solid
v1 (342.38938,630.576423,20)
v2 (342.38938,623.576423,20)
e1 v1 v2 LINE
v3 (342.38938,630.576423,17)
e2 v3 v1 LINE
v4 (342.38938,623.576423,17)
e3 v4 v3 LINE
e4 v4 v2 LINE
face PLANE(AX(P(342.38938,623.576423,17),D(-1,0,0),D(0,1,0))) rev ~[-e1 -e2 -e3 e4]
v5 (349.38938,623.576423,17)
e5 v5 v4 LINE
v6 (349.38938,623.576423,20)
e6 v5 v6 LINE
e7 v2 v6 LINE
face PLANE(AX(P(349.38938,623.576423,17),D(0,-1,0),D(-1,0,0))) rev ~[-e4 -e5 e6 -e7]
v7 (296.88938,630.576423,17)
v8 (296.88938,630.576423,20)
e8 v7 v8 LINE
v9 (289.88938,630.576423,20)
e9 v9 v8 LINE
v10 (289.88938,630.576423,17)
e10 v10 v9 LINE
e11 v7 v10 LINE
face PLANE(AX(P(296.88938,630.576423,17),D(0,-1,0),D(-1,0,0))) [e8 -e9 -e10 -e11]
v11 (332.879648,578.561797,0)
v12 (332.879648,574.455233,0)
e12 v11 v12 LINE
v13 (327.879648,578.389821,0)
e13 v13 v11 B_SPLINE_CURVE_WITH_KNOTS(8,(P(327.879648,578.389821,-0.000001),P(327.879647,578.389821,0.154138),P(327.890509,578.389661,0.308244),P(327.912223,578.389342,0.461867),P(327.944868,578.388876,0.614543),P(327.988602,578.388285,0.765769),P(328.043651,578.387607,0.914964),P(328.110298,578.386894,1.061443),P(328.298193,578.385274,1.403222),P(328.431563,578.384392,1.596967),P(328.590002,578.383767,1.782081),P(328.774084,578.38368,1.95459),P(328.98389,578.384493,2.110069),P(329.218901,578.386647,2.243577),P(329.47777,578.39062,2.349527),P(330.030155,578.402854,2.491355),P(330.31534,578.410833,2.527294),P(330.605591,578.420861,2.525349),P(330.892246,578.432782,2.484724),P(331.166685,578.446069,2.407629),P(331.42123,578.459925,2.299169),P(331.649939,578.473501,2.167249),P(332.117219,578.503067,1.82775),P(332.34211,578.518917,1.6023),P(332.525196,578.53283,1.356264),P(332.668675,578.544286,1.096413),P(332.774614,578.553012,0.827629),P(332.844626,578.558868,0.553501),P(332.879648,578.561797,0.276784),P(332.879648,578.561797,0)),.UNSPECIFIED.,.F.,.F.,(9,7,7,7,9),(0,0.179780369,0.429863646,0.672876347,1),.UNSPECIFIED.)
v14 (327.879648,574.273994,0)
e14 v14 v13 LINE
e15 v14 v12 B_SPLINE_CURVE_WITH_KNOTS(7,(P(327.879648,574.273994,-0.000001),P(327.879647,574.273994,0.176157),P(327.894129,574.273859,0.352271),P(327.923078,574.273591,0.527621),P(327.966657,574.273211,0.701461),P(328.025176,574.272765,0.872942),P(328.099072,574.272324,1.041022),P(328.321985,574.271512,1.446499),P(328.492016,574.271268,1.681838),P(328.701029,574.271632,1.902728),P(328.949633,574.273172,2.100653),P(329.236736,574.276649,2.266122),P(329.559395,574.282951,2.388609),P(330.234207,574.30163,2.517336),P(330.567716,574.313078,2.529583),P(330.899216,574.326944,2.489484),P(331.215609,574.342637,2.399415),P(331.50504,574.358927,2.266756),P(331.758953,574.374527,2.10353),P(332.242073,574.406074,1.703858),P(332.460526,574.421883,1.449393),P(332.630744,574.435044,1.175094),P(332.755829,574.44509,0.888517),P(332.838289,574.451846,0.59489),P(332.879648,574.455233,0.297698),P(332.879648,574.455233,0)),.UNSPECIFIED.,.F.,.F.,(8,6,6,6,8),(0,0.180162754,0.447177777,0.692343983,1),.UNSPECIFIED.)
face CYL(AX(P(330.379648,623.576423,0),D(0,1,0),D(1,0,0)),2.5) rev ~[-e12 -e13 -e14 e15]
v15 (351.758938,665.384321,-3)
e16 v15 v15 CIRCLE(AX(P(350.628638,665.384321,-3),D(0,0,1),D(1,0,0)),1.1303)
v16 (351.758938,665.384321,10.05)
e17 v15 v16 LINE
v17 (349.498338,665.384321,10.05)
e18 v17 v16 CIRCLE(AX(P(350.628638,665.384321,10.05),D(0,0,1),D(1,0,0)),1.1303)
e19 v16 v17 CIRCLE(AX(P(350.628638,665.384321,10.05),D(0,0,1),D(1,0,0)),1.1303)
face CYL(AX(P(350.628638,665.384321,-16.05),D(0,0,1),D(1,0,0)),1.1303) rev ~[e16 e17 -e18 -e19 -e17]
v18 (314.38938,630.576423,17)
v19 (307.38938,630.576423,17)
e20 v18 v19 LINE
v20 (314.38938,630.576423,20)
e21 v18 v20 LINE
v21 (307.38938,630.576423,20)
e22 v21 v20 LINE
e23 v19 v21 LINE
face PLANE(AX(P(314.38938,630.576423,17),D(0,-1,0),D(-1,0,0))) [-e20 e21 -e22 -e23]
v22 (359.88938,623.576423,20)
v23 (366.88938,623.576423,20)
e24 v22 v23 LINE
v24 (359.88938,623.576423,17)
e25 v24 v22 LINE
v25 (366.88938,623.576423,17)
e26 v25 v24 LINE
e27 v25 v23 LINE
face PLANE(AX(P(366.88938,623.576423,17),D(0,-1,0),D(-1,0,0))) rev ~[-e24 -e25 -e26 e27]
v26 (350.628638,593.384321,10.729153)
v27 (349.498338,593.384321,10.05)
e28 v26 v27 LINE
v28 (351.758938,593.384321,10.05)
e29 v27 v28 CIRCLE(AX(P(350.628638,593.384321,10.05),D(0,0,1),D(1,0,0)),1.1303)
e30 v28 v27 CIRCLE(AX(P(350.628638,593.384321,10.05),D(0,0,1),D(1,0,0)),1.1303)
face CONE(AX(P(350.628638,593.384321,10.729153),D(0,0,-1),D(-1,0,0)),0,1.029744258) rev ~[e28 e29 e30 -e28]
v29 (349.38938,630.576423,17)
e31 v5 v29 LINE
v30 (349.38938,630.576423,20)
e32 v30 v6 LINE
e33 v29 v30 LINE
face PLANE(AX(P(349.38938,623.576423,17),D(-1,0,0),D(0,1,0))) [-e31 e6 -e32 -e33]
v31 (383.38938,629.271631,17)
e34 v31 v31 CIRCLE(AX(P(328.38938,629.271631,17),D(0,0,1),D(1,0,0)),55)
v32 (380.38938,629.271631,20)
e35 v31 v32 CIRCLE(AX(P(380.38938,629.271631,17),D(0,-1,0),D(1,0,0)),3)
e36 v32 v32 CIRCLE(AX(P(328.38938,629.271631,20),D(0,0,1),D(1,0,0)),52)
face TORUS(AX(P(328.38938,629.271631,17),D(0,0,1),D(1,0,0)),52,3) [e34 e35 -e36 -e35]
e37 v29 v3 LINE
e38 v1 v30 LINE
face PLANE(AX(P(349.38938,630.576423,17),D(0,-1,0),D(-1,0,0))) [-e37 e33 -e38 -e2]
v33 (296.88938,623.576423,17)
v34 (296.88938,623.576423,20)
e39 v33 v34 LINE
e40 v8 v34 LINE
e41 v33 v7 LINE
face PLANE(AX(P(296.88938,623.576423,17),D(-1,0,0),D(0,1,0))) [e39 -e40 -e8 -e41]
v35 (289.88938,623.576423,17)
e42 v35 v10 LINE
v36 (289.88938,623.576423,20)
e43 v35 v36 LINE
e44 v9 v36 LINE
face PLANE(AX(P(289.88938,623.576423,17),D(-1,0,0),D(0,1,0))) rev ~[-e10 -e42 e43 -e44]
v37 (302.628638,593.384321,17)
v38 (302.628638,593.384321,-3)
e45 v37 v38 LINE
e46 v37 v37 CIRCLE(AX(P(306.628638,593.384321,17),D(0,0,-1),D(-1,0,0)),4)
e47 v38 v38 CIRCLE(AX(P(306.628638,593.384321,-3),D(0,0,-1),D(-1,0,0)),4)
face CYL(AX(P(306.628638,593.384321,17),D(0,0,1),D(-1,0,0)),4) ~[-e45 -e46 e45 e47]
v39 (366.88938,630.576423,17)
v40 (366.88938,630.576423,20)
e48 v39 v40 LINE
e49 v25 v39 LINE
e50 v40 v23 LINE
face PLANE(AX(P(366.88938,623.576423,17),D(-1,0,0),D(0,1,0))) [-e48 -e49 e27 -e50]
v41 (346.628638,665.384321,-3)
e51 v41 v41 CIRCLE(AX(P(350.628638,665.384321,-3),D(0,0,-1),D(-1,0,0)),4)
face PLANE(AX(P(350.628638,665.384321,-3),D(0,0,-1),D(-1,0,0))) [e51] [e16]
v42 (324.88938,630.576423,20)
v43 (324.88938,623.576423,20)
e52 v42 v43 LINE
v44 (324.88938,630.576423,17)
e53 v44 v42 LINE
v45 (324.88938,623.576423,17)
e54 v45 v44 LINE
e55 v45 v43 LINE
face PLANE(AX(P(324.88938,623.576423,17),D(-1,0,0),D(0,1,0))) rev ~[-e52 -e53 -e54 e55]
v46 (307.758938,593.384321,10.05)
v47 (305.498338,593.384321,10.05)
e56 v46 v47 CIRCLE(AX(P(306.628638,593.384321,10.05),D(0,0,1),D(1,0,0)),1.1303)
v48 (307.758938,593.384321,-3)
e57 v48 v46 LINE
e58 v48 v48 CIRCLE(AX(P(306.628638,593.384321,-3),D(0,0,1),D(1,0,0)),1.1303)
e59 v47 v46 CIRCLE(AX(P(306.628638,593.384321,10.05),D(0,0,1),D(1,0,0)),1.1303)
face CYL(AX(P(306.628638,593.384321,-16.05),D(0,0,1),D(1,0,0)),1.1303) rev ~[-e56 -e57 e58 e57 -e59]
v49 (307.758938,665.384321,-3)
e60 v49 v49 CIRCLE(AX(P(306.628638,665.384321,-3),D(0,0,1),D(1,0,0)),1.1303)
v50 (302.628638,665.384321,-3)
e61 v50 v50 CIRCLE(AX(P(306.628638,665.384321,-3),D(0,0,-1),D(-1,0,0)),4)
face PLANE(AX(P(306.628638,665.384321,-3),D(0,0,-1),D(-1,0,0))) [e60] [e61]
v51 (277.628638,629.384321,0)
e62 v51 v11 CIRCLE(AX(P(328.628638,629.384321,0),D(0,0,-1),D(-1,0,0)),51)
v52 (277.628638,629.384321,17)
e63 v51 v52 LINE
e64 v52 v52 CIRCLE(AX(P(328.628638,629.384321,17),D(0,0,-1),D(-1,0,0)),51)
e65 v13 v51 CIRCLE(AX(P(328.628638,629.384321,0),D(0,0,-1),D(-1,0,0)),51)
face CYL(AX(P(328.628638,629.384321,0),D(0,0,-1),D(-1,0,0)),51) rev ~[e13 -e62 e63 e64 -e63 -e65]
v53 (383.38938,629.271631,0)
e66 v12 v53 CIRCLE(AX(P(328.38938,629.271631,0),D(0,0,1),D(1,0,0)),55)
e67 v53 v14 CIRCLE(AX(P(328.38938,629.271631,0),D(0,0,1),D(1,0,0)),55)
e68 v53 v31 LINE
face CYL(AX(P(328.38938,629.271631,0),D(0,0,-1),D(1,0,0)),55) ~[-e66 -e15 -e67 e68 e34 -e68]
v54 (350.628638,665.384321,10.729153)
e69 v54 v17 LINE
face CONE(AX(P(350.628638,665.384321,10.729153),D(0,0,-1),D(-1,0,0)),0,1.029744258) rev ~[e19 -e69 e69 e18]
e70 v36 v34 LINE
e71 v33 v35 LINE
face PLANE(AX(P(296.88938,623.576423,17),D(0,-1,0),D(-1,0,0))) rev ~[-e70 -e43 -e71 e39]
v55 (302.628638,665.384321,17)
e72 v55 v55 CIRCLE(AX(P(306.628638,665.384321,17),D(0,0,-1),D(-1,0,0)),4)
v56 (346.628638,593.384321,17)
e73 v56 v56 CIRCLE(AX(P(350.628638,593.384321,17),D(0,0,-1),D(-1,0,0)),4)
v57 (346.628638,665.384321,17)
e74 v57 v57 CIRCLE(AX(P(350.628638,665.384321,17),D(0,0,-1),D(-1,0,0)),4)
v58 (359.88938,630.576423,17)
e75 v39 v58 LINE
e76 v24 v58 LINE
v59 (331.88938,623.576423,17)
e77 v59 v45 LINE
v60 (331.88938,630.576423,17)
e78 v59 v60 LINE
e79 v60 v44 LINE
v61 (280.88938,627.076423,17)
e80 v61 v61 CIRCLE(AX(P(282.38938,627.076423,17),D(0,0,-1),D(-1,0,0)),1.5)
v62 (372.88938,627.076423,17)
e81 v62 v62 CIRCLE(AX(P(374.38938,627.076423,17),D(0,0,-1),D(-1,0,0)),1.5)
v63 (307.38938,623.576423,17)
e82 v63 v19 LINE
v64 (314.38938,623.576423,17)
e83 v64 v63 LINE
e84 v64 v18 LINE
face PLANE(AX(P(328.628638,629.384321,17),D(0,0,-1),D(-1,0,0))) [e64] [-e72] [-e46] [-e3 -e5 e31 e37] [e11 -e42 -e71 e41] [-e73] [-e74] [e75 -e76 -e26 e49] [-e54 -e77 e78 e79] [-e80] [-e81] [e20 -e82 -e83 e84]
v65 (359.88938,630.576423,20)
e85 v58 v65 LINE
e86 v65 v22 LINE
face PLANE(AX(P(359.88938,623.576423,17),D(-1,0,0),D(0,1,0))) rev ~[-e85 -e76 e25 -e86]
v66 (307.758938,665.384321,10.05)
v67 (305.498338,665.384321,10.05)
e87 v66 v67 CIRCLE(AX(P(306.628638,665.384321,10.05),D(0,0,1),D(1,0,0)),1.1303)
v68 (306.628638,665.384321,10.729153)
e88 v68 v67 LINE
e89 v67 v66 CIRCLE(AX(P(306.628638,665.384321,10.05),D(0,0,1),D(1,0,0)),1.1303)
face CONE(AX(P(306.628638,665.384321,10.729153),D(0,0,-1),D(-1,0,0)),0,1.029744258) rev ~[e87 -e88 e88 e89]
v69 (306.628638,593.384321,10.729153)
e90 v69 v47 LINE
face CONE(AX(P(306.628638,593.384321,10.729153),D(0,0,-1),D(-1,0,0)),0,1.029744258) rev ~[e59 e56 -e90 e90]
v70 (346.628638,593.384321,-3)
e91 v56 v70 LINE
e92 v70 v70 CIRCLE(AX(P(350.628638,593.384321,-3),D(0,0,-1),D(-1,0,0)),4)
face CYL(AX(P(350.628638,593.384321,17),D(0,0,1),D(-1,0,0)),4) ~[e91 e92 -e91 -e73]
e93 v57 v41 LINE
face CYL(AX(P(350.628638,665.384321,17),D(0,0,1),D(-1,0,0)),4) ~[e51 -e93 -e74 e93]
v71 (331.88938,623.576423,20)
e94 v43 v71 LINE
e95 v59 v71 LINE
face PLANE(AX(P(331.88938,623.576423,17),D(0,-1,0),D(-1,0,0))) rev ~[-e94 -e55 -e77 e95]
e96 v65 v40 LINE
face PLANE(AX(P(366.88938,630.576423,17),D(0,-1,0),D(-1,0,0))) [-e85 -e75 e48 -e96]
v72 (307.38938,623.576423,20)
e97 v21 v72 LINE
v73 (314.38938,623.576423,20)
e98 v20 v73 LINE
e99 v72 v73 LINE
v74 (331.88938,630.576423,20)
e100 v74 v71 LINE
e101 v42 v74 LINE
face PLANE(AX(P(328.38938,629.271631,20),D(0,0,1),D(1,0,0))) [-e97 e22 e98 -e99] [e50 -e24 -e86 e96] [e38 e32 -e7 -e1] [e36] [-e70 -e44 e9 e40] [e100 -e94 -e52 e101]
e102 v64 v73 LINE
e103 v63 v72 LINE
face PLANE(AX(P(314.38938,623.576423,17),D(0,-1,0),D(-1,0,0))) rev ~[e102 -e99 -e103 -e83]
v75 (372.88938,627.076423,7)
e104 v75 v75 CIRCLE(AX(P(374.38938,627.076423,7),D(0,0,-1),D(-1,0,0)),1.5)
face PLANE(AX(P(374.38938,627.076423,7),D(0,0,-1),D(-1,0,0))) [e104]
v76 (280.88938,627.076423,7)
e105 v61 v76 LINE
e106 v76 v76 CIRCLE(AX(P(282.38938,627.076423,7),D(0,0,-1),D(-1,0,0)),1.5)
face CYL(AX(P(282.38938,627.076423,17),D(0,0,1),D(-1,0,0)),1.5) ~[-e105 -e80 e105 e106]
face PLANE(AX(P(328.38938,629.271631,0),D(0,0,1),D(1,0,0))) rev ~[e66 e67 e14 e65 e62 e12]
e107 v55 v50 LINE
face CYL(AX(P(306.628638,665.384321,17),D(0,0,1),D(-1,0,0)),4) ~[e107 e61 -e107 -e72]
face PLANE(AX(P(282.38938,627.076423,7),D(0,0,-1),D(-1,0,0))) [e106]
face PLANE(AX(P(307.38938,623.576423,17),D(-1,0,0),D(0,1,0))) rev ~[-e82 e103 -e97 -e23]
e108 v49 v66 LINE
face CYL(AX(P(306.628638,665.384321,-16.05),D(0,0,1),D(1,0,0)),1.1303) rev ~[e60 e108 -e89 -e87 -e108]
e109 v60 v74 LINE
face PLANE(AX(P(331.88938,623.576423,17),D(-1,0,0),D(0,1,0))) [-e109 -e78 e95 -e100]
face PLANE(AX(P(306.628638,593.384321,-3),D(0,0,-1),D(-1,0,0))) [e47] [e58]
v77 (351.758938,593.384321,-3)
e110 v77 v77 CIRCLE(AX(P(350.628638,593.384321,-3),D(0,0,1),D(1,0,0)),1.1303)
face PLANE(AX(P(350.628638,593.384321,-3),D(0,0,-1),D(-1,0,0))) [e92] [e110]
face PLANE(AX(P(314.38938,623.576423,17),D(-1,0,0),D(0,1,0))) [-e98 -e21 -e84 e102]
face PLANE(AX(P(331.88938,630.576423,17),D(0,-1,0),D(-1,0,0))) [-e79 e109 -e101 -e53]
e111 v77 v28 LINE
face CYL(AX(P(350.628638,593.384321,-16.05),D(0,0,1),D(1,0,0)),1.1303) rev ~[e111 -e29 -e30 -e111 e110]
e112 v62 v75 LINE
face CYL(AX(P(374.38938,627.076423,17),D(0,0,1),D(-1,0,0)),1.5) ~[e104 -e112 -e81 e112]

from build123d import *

# Parameters (mm, degrees)
SKETCH1_R                     = 55
BOSS_EXTRUDE2_DEPTH           = 20
SKETCH2_R                     = 51
CUT_EXTRUDE1_DEPTH            = 17
SKETCH10_R                    = 1.5
BOSS_EXTRUDE3_DEPTH           = 10
SKETCH10_3_W                  = 7
SKETCH10_3_H                  = 7
CUT_EXTRUDE4_DEPTH            = 10
FILLET1_R                     = 3
SKETCH11_R                    = 4
BOSS_EXTRUDE4_DEPTH           = 20
TAP_DRILL_FOR_4_40_TAP1_D     = 2.2606
TAP_DRILL_FOR_4_40_TAP1_DEPTH = 13.05
TAP_DRILL_FOR_4_40_TAP1_TIP   = 0.679152758
SKETCH14_R                    = 2.5
CUT_EXTRUDE5_DEPTH            = 50


with BuildPart() as part:
    # Sketch1 → Boss-Extrude2 (new body)
    with BuildSketch(Plane.XY):
        with Locations((328.389379834, 629.271631436)):
            Circle(SKETCH1_R)
    extrude(amount=BOSS_EXTRUDE2_DEPTH)

    # Sketch2 → Cut-Extrude1 (cut)
    with BuildSketch(Plane(origin=(0, 0, 0), x_dir=(-1, 0, 0), z_dir=(0, 0, -1))):
        with Locations((-328.628637891, 629.384320649)):
            Circle(SKETCH2_R)
    extrude(amount=-CUT_EXTRUDE1_DEPTH, mode=Mode.SUBTRACT)

    # Sketch10 → Boss-Extrude3 (add)
    with BuildSketch(Plane(origin=(0, 0, 17), x_dir=(-1, 0, 0), z_dir=(0, 0, -1))):
        with Locations((-374.389379834, 627.076422512)):
            Circle(SKETCH10_R)
        with Locations((-282.389379834, 627.076422512)):
            Circle(SKETCH10_R)
    extrude(amount=BOSS_EXTRUDE3_DEPTH)

    # Sketch10<3> → Cut-Extrude4 (cut)
    with BuildSketch(Plane(origin=(0, 0, 17), x_dir=(-1, 0, 0), z_dir=(0, 0, -1))):
        with Locations((-328.389379834, 627.076422512)):
            Rectangle(SKETCH10_3_W, SKETCH10_3_H)
        with Locations((-310.889379834, 627.076422512)):
            Rectangle(SKETCH10_3_W, SKETCH10_3_H)
        with Locations((-293.389379834, 627.076422512)):
            Rectangle(SKETCH10_3_W, SKETCH10_3_H)
        with Locations((-345.889379834, 627.076422512)):
            Rectangle(SKETCH10_3_W, SKETCH10_3_H)
        with Locations((-363.389379834, 627.076422512)):
            Rectangle(SKETCH10_3_W, SKETCH10_3_H)
    extrude(amount=-CUT_EXTRUDE4_DEPTH, mode=Mode.SUBTRACT)

    # Fillet1
    fillet1_edges = [part.edges().sort_by_distance(p)[0] for p in [
        (273.389379834, 629.271631436, 20),
    ]]
    fillet(fillet1_edges, radius=FILLET1_R)

    # Sketch11 → Boss-Extrude4 (add)
    with BuildSketch(Plane(origin=(0, 0, 17), x_dir=(-1, 0, 0), z_dir=(0, 0, -1))):
        with Locations((-306.628637891, 665.384320649)):
            Circle(SKETCH11_R)
        with Locations((-350.628637891, 665.384320649)):
            Circle(SKETCH11_R)
        with Locations((-350.628637891, 593.384320649)):
            Circle(SKETCH11_R)
        with Locations((-306.628637891, 593.384320649)):
            Circle(SKETCH11_R)
    extrude(amount=BOSS_EXTRUDE4_DEPTH)

    # Tap Drill for #4-40 Tap1
    with Locations(Plane(origin=(0, 0, -3), x_dir=(-1, 0, 0), z_dir=(0, 0, -1))):
        with Locations((-350.628637891, 665.384320649), (-306.628637891, 665.384320649), (-350.628637891, 593.384320649), (-306.628637891, 593.384320649)):
            Hole(TAP_DRILL_FOR_4_40_TAP1_D / 2, depth=TAP_DRILL_FOR_4_40_TAP1_DEPTH)
            with Locations((0, 0, -(TAP_DRILL_FOR_4_40_TAP1_DEPTH + TAP_DRILL_FOR_4_40_TAP1_TIP / 2))):  # 118° drill point
                Cone(0, TAP_DRILL_FOR_4_40_TAP1_D / 2, TAP_DRILL_FOR_4_40_TAP1_TIP, mode=Mode.SUBTRACT)

    # Sketch14 → Cut-Extrude5 (cut)
    with BuildSketch(Plane(origin=(0, 623.576422512, 0), x_dir=(1, 0, 0), z_dir=(0, 1, 0))):
        with Locations((330.379647502, 0)):
            Circle(SKETCH14_R)
    extrude(amount=-CUT_EXTRUDE5_DEPTH, mode=Mode.SUBTRACT)


solid = part.part
